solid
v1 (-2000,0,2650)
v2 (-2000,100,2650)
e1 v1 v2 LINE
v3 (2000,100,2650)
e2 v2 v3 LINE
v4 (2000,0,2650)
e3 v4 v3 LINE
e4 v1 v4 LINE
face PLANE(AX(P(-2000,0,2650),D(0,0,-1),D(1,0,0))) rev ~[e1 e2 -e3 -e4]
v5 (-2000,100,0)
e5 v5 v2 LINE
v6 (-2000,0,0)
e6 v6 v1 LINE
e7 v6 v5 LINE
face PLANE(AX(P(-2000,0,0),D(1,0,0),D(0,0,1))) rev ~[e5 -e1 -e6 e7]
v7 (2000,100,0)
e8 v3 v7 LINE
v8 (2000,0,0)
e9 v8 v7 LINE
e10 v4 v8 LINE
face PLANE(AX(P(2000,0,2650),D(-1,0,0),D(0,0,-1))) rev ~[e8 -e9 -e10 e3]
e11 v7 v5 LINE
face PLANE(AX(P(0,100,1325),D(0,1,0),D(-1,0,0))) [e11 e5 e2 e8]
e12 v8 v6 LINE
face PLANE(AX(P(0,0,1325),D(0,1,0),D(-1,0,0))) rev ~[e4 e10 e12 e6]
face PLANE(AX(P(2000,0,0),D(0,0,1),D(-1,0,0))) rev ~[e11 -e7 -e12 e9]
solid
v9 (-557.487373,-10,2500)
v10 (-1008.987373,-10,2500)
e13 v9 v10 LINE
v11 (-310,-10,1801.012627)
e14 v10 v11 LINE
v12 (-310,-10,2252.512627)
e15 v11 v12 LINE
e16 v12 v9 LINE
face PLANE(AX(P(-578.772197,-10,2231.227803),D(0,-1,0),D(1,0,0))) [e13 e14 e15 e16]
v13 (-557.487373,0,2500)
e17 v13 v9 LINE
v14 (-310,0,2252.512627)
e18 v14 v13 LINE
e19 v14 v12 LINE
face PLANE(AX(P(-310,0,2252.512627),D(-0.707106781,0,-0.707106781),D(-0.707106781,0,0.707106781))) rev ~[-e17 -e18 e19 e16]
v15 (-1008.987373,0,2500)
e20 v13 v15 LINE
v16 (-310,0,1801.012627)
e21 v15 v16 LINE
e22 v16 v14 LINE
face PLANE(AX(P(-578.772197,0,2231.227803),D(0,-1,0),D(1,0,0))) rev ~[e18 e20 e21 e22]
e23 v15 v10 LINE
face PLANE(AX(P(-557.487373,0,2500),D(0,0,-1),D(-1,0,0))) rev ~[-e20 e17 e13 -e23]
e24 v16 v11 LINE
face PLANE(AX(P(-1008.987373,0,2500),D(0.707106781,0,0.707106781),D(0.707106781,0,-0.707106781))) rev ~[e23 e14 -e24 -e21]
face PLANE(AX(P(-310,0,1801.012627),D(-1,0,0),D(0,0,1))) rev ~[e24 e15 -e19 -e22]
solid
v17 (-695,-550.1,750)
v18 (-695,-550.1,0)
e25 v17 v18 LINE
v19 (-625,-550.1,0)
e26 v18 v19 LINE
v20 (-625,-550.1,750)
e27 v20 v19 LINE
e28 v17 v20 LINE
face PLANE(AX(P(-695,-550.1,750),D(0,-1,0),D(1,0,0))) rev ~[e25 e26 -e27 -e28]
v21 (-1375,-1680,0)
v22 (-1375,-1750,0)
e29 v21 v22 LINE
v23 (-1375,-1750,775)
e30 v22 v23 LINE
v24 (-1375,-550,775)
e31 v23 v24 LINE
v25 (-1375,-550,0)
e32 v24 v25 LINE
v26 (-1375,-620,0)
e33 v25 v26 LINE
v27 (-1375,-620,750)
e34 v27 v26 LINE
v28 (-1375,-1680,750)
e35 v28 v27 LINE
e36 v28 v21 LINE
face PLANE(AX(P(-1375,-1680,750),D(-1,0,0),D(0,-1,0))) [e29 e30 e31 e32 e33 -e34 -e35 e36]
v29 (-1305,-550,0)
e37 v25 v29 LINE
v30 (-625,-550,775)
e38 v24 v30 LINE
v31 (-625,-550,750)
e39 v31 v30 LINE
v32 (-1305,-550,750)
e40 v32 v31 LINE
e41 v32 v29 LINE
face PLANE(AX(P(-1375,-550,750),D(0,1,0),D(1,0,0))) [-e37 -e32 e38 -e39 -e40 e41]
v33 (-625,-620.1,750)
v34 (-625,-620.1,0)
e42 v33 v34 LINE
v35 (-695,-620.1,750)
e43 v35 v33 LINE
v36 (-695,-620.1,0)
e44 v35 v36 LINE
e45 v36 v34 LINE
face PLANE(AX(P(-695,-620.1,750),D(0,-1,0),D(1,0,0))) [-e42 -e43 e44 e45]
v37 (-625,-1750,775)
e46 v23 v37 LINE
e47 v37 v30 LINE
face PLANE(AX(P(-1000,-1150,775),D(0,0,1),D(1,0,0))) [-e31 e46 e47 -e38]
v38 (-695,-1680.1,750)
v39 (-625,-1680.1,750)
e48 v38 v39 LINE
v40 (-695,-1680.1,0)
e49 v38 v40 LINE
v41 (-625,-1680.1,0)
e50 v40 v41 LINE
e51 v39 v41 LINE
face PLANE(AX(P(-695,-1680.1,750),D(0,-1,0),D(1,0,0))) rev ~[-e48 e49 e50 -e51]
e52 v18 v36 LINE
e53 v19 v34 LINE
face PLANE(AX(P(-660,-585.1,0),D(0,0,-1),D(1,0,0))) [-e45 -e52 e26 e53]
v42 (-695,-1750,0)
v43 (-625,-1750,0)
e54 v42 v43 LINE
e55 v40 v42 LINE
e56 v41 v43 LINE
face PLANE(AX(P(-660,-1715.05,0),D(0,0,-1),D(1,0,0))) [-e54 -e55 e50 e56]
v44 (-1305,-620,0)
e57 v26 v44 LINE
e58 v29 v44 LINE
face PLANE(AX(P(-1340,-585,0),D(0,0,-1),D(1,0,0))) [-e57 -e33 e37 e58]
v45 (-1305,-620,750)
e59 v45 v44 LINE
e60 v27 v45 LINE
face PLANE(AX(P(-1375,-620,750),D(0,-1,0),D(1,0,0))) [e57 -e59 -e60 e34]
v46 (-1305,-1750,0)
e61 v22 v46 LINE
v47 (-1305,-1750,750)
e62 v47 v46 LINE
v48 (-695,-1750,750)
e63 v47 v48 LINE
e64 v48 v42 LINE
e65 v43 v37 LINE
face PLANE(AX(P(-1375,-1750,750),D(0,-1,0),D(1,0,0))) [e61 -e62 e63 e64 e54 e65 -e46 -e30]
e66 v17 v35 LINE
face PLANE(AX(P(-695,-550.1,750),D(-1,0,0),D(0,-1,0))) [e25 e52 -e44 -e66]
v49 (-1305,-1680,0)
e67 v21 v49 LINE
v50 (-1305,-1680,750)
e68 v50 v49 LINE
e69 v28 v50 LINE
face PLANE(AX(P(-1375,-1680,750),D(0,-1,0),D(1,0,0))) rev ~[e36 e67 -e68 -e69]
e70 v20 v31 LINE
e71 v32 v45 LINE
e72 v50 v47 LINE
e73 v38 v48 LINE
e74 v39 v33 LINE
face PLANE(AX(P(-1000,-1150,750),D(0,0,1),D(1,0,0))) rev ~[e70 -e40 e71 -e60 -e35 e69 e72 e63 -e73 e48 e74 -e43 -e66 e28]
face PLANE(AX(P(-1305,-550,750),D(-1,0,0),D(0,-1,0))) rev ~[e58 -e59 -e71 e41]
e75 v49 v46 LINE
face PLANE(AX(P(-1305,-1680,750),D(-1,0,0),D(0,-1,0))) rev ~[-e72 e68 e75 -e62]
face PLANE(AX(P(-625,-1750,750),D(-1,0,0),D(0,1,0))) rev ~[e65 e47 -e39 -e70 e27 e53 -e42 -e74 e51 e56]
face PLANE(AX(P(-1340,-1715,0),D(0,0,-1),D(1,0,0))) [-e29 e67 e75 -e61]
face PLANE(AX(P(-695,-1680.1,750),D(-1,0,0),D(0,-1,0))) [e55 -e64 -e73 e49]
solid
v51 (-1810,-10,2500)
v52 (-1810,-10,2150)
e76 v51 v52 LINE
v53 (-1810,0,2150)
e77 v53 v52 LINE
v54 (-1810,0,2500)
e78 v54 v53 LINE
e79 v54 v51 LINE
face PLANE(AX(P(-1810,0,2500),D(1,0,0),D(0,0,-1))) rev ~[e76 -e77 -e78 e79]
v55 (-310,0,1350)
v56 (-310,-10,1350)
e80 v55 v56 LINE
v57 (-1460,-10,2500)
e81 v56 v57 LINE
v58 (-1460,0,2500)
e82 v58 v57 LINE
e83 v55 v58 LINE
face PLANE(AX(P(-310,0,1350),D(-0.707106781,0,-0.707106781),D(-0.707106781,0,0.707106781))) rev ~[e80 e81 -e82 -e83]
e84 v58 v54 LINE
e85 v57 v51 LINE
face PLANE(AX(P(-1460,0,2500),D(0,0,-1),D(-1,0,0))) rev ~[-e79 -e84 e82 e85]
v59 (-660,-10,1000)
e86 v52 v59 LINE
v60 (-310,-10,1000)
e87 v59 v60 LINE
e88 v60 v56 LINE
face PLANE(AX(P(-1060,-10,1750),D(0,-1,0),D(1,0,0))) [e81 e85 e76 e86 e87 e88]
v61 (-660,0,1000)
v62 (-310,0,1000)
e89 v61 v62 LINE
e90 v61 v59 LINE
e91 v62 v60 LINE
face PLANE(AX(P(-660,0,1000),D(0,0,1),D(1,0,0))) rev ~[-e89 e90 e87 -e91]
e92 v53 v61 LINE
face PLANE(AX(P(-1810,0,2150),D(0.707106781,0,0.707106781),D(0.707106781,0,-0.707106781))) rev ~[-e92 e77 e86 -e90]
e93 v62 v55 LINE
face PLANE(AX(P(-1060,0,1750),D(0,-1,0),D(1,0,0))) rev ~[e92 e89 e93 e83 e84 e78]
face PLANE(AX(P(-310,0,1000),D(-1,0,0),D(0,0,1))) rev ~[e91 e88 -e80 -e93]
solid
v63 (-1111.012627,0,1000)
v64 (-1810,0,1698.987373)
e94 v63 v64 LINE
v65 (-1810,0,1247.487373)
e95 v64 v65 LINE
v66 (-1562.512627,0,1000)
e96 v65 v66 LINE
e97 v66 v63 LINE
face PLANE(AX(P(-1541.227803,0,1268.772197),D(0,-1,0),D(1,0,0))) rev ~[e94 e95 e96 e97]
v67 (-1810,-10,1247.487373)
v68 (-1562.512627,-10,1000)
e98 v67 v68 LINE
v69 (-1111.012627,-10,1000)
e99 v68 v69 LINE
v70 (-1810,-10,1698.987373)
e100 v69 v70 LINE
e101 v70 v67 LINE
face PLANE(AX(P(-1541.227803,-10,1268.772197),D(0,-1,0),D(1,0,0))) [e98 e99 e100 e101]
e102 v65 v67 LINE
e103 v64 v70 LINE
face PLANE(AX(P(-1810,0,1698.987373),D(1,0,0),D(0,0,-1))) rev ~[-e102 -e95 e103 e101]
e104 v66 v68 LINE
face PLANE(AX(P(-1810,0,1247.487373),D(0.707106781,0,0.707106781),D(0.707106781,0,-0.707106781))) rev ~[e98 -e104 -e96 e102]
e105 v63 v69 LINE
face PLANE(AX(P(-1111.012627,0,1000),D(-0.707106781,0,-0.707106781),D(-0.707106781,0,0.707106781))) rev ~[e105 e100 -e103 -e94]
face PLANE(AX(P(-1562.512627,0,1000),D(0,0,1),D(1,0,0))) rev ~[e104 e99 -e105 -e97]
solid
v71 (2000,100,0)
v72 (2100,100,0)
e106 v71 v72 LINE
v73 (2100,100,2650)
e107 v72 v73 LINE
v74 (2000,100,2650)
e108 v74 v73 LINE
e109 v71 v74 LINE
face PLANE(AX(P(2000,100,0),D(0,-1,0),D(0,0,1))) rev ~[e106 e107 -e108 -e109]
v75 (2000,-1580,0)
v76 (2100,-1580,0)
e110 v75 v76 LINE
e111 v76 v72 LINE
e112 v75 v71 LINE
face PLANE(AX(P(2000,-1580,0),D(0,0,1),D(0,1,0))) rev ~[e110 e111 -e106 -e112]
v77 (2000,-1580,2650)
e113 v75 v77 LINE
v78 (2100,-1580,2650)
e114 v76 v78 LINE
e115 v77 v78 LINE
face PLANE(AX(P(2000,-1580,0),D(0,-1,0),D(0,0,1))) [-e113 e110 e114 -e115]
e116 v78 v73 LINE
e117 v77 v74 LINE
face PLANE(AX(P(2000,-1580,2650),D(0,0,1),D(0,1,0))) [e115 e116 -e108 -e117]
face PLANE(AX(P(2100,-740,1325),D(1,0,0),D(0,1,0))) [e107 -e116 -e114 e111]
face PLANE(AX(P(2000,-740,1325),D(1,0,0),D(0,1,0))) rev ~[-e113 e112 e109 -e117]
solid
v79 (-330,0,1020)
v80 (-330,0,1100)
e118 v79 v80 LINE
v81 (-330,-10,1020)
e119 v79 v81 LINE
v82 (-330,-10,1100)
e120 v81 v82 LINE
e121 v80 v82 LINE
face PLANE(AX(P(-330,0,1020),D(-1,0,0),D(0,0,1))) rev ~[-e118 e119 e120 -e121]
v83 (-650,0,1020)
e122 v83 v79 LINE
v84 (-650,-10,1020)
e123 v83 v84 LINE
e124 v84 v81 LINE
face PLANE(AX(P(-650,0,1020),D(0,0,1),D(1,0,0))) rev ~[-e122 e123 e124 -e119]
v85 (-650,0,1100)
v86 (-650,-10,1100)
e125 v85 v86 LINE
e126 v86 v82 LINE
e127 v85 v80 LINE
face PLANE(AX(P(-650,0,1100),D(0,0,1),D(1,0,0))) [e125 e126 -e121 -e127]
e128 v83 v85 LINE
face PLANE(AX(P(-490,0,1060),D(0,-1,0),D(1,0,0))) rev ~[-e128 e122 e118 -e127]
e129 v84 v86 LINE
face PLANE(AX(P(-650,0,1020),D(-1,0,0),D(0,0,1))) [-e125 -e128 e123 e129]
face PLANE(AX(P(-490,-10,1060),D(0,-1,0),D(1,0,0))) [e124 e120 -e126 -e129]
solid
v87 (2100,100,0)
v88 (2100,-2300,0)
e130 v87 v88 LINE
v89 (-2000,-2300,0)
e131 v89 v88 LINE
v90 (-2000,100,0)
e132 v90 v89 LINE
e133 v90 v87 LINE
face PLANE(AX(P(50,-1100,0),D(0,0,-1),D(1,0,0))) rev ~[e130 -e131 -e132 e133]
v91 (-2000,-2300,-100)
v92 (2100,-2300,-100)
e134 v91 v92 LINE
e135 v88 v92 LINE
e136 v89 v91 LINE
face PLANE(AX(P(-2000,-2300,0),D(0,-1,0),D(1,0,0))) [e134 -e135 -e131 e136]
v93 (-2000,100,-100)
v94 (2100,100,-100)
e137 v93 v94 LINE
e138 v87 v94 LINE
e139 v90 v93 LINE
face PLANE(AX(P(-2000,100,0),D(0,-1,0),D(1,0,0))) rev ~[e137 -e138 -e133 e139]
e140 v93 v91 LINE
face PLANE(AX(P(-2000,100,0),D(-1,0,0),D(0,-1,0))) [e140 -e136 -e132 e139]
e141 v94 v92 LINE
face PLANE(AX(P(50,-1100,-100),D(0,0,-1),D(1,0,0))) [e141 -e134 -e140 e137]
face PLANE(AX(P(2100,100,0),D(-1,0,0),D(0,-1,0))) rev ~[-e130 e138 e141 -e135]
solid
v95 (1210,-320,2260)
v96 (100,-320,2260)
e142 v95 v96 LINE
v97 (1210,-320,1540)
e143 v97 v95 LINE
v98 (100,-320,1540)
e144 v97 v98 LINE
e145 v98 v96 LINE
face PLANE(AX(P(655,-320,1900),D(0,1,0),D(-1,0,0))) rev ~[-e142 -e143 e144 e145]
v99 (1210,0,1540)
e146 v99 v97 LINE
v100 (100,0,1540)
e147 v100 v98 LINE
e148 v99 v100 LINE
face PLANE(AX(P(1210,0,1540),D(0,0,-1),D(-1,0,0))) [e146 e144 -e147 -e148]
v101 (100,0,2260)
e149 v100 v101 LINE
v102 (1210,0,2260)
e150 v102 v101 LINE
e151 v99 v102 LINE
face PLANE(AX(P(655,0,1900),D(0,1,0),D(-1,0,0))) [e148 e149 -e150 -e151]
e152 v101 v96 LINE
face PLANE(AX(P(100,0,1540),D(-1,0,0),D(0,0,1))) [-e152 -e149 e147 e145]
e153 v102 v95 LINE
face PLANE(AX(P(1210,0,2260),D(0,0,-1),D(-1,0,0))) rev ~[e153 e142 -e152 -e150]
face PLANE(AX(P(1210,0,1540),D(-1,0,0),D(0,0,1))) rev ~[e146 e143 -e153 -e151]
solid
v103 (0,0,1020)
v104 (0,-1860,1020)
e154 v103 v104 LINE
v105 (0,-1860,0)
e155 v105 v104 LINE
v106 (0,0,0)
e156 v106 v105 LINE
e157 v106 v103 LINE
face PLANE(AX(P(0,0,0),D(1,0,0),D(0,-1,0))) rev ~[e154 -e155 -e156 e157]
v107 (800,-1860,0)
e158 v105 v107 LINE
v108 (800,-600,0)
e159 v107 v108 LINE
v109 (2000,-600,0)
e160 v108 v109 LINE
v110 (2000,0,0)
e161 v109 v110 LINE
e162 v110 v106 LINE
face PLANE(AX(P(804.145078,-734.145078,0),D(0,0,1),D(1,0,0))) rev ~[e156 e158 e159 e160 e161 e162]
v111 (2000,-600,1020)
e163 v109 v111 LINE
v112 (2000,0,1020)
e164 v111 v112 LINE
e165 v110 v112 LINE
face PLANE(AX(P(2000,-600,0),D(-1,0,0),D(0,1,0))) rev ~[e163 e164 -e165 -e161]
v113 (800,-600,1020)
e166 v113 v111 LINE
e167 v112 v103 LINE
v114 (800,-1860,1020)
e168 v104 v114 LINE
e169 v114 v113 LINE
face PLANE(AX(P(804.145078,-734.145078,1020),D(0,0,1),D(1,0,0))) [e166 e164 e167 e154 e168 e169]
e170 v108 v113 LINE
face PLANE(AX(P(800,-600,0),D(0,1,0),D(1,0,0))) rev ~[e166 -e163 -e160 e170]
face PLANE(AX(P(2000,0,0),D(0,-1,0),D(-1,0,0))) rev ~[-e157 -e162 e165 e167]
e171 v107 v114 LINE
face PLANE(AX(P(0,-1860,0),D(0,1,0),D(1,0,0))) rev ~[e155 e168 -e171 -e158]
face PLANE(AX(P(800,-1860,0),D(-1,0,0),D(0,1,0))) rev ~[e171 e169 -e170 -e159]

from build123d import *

# Parameters (mm, degrees)
F1_DEPTH  = 1020
F3_W      = 1110
F3_H      = 720
F4_DEPTH  = 100
F5_DEPTH  = 320
F7_W      = 1680
F7_H      = 2650
F8_DEPTH  = 100
F10_W     = 4100
F10_H     = 2400
F11_DEPTH = 100
F12_W     = 750
F12_H     = 1200
F13_DEPTH = 25
F15_W     = 70
F15_H     = 70
F15_H_2   = 69.9
F16_DEPTH = 750
F18_W     = 320
F18_H     = 80
F19_DEPTH = 10
F21_DEPTH = 10


with BuildPart() as f1:
    # F0 (on Top) → F1 (new body)
    with BuildSketch(Plane.XY):
        Polygon((800, 0), (0, 0), (0, -1860), (800, -1860), (800, -600), (2000, -600), (2000, 0), align=None)
    extrude(amount=F1_DEPTH)


with BuildPart() as f4:
    # F3 (on offset) → F4 (new body)
    with BuildSketch(Plane(origin=(0, 0, 0), x_dir=(-1, 0, 0), z_dir=(0, 1, 0))):
        Polygon((-2000, 0), (0, 0), (2000, 0), (2000, 2650), (0, 2650), (-2000, 2650), align=None)
        with Locations((-655, 1900)):
            Rectangle(F3_W, F3_H, mode=Mode.SUBTRACT)
        with Locations((-655, 1900)):
            Rectangle(F3_W, F3_H)
    extrude(amount=F4_DEPTH)


with BuildPart() as f5:
    # F3 (on offset) → F5 (new body)
    with BuildSketch(Plane(origin=(0, 0, 0), x_dir=(-1, 0, 0), z_dir=(0, 1, 0))):
        with Locations((-655, 1900)):
            Rectangle(F3_W, F3_H)
    extrude(amount=-F5_DEPTH)


with BuildPart() as f8:
    # F7 (on offset) → F8 (new body)
    with BuildSketch(Plane.YZ.offset(2000)):
        with Locations((-740, 1325)):
            Rectangle(F7_W, F7_H)
    extrude(amount=F8_DEPTH)


with BuildPart() as f11:
    # F10 (on offset) → F11 (new body)
    with BuildSketch(Plane(origin=(0, 0, 0), x_dir=(1, 0, 0), z_dir=(0, 0, -1))):
        with Locations((50, 1100)):
            Rectangle(F10_W, F10_H)
    extrude(amount=F11_DEPTH)


with BuildPart() as f13:
    # F12 (on face) → F13 (new body)
    with BuildSketch(Plane.XY):
        with Locations((-1000, -1150)):
            Rectangle(F12_W, F12_H)
    extrude(amount=F13_DEPTH)


with BuildPart() as f13_1:
    # F14: moved
    add(f13.part.moved(Location((0, 0, 750))))

    # F15 (on face) → F16 (join)
    with BuildSketch(Plane(origin=(0, 0, 750), x_dir=(1, 0, 0), z_dir=(0, 0, -1))):
        with Locations((-1340, 1715)):
            Rectangle(F15_W, F15_H)
        with Locations((-660, 1715.05)):
            Rectangle(F15_W, F15_H_2)
        with Locations((-660, 585.1)):
            Rectangle(F15_W, F15_H)
        with Locations((-1340, 585)):
            Rectangle(F15_W, F15_H)
    extrude(amount=F16_DEPTH)


with BuildPart() as f19:
    # F18 (on offset) → F19 (new body)
    with BuildSketch(Plane.XZ):
        with Locations((-490, 1060)):
            Rectangle(F18_W, F18_H)
    extrude(amount=F19_DEPTH)


with BuildPart() as f21:
    # F20 (on offset) → F21 (new body)
    with BuildSketch(Plane.XZ):
        Polygon((-1810, 2150), (-660, 1000), (-310, 1000), (-310, 1350), (-1460, 2500), (-1810, 2500), align=None)
    extrude(amount=F21_DEPTH)


with BuildPart() as f21b:
    # F20 (on offset) → F21, piece 2 (new body)
    with BuildSketch(Plane.XZ):
        Polygon((-310, 2252.5126265847), (-557.4873734153, 2500), (-1008.9873734153, 2500), (-310, 1801.0126265847), align=None)
    extrude(amount=F21_DEPTH)


with BuildPart() as f21c:
    # F20 (on offset) → F21, piece 3 (new body)
    with BuildSketch(Plane.XZ):
        Polygon((-1562.5126265847, 1000), (-1111.0126265847, 1000), (-1810, 1698.9873734153), (-1810, 1247.4873734153), align=None)
    extrude(amount=F21_DEPTH)


solid = Compound([f1.part, f4.part, f5.part, f8.part, f11.part, f13_1.part, f19.part, f21.part, f21b.part, f21c.part])
